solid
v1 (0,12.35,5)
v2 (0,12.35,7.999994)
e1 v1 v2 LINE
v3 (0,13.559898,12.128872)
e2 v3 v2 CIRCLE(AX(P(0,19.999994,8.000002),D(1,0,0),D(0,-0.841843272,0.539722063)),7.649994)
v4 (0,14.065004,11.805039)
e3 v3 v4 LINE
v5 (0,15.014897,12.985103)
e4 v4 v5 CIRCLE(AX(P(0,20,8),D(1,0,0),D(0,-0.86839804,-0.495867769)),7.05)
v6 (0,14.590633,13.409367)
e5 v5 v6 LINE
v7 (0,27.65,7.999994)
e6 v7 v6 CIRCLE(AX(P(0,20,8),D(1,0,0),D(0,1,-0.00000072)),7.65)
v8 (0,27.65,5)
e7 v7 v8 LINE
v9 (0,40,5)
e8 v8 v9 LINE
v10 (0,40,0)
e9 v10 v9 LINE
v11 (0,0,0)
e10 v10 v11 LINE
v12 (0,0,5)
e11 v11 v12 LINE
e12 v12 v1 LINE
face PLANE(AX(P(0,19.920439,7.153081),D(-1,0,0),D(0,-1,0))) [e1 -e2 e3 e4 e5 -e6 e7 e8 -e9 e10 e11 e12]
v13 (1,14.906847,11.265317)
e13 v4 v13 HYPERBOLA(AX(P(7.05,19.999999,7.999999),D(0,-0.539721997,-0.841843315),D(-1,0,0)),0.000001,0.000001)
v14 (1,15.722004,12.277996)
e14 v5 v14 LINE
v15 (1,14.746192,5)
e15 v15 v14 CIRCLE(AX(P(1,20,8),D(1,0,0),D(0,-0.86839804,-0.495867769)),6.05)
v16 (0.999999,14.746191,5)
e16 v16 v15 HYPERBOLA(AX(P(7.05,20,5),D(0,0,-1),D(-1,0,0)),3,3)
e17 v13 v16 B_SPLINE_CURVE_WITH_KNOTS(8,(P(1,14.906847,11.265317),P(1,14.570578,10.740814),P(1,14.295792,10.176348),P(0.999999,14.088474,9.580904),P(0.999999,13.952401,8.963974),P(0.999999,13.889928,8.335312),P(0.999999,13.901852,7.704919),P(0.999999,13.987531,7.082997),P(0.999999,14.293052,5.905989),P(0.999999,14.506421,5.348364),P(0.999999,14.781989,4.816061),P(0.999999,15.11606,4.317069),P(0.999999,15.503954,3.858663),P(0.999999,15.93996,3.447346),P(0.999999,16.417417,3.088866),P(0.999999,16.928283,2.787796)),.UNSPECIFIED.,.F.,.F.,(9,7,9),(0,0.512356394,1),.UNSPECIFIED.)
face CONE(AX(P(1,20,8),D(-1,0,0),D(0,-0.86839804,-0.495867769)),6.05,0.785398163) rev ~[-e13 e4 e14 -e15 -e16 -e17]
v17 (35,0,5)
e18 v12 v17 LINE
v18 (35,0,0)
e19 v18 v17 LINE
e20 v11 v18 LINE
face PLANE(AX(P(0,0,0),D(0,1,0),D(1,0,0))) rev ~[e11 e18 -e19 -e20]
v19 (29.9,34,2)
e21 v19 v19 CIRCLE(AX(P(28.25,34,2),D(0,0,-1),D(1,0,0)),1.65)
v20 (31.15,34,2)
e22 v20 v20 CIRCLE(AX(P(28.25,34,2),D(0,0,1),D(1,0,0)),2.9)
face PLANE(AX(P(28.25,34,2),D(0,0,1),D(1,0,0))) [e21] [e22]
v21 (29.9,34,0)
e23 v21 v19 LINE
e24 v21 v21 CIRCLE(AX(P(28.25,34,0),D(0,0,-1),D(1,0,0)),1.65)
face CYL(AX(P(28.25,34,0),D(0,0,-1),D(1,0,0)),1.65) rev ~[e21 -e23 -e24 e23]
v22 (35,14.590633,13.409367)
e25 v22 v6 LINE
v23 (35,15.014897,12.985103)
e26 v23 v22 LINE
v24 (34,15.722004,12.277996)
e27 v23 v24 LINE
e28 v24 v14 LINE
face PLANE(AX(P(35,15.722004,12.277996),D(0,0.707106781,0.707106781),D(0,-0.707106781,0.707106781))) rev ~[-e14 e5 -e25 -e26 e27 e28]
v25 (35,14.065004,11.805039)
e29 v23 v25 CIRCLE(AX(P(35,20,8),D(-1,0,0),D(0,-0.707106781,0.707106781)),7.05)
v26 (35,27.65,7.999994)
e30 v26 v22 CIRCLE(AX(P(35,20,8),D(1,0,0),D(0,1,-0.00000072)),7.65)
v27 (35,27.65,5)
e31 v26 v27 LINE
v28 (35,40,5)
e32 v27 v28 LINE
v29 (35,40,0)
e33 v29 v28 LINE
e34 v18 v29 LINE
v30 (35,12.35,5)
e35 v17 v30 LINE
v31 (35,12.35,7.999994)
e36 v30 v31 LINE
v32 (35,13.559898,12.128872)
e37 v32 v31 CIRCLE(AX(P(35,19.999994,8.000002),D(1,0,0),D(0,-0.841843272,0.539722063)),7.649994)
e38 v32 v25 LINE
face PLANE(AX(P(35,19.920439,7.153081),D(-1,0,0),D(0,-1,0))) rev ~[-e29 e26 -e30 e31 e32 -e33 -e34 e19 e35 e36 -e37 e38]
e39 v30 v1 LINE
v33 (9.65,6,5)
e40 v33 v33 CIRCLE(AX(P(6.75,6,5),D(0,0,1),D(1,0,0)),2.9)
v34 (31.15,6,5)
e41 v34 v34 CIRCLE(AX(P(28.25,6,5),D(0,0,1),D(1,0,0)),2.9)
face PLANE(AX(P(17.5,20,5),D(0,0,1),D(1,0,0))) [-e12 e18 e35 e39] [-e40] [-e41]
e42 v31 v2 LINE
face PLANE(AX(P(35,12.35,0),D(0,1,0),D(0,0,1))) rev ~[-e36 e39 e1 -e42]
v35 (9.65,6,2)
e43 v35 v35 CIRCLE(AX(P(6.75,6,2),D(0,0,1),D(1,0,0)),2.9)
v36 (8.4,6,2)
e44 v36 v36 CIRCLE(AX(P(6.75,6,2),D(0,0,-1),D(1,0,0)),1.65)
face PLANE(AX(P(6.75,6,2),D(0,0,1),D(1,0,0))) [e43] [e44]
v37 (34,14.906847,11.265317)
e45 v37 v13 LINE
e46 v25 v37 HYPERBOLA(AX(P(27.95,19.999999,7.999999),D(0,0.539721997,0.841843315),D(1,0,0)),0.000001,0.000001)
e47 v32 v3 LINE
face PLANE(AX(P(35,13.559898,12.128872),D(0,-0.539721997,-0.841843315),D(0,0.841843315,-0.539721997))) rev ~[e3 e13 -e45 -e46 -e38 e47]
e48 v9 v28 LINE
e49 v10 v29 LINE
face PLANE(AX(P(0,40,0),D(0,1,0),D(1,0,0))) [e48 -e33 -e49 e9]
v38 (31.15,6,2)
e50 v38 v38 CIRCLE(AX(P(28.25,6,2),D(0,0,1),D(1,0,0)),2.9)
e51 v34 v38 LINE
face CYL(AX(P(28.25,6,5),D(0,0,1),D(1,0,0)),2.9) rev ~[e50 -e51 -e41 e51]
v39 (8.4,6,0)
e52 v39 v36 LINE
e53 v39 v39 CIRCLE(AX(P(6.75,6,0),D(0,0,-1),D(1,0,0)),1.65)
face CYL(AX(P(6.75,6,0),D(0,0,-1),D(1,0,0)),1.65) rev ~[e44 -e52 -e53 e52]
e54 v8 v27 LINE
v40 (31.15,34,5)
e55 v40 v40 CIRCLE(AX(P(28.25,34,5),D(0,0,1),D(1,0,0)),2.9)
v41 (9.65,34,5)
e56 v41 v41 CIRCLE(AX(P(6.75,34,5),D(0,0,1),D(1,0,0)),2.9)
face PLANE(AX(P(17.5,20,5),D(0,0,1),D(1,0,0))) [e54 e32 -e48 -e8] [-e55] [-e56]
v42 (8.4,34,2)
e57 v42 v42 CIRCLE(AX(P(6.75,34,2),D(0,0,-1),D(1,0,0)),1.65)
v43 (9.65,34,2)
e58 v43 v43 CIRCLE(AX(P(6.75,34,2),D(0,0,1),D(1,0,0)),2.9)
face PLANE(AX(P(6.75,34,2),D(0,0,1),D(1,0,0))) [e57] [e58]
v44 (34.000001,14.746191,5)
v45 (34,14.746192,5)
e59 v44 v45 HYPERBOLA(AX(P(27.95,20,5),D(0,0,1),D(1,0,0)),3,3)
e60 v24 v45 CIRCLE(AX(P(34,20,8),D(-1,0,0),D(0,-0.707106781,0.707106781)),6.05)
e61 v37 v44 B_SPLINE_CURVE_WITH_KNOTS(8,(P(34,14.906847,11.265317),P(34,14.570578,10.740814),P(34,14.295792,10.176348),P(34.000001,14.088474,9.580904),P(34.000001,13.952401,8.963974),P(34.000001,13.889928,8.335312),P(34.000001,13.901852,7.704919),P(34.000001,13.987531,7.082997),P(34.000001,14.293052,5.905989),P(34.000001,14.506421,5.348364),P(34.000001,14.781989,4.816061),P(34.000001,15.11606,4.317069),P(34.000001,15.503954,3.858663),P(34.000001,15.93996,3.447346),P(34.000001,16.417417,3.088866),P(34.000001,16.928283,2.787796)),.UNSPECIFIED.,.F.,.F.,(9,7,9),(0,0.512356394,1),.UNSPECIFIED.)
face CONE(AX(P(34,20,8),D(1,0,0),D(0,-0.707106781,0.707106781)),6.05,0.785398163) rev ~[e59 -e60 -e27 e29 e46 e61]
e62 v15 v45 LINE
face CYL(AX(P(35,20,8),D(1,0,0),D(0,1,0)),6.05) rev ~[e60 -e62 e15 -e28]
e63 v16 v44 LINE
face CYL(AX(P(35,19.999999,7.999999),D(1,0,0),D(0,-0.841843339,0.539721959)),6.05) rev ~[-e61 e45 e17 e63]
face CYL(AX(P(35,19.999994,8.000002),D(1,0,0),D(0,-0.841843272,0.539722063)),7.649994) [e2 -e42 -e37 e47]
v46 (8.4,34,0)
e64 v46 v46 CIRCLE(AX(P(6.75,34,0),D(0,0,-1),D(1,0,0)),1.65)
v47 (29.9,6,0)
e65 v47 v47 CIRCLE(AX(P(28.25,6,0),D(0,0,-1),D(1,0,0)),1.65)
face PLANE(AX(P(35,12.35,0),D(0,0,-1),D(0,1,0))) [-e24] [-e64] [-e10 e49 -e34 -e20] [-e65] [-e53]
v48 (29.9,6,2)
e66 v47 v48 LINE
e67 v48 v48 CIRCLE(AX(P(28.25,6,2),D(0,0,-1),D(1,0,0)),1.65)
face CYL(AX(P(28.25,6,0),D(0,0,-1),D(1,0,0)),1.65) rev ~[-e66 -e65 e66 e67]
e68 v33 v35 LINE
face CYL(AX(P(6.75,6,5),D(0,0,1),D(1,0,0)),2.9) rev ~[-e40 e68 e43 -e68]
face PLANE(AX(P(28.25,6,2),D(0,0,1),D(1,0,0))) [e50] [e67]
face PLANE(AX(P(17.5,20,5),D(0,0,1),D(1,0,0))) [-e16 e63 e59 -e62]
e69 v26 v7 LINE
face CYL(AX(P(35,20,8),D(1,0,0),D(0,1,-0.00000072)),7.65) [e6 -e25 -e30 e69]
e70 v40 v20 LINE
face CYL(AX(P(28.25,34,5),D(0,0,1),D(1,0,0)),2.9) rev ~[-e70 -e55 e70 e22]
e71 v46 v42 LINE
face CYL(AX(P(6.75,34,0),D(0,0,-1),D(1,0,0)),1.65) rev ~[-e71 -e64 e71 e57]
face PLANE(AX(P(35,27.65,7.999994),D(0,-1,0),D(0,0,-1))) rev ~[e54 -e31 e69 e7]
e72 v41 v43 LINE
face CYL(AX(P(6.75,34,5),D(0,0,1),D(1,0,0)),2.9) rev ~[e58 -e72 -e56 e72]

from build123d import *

# Parameters (mm, degrees)
BOX_W           = 35
BOX_H           = 40
BOX_DEPTH       = 5
PAD_DEPTH       = 35
SKETCH001_R     = 6.05
POCKET_DEPTH    = 35.001
SKETCH002_R     = 1.65
POCKET001_DEPTH = 15.651
SKETCH003_R     = 2.9
POCKET002_DEPTH = 3
CHAMFER_SIZE    = 1
CHAMFER001_SIZE = 1


with BuildPart() as part:
    # Box → Box (new body)
    with BuildSketch(Plane.XY):
        with Locations((17.5, 20)):
            Rectangle(BOX_W, BOX_H)
    extrude(amount=BOX_DEPTH)

    # Sketch → Pad (new body)
    with BuildSketch(Plane.YZ.offset(35)):
        with BuildLine():
            ThreePointArc((14.906847, 11.265317), (24.712853, 4.206385), (15.722004, 12.277996))
            Line((15.722004, 12.277996), (14.590633, 13.409367))
            ThreePointArc((27.65, 7.999994), (22.927531, 15.067677), (14.590633, 13.409367))
            Line((27.65, 7.999994), (27.65, 0))
            Line((12.35, 0), (27.65, 0))
            Line((12.35, 0), (12.35, 7.999994))
            ThreePointArc((13.559898, 12.128872), (12.658702, 10.151243), (12.35, 7.999994))
            Line((13.559898, 12.128872), (14.906847, 11.265317))
        make_face()
    extrude(amount=-PAD_DEPTH)

    # Sketch001 → Pocket (cut, through all)
    with BuildSketch(Plane.YZ.offset(35)):
        with Locations((20, 8)):
            Circle(SKETCH001_R)
    extrude(amount=-POCKET_DEPTH, mode=Mode.SUBTRACT)

    # Sketch002 → Pocket001 (cut, through all)
    with BuildSketch(Plane(origin=(0, 0, 0), x_dir=(1, 0, 0), z_dir=(0, 0, -1))):
        with Locations((6.75, -6)):
            Circle(SKETCH002_R)
        with Locations((28.25, -6)):
            Circle(SKETCH002_R)
        with Locations((6.75, -34)):
            Circle(SKETCH002_R)
        with Locations((28.25, -34)):
            Circle(SKETCH002_R)
    extrude(amount=-POCKET001_DEPTH, mode=Mode.SUBTRACT)

    # Sketch003 → Pocket002 (cut)
    with BuildSketch(Plane.XY.offset(5)):
        with Locations((6.75, 34)):
            Circle(SKETCH003_R)
        with Locations((28.25, 34)):
            Circle(SKETCH003_R)
        with Locations((6.75, 6)):
            Circle(SKETCH003_R)
        with Locations((28.25, 6)):
            Circle(SKETCH003_R)
    extrude(amount=-POCKET002_DEPTH, mode=Mode.SUBTRACT)

    # Chamfer
    chamfer_edges = [part.edges().sort_by_distance(p)[0] for p in [
        (35, 20, 1.95),
    ]]
    chamfer(chamfer_edges, length=CHAMFER_SIZE)

    # Chamfer001
    chamfer001_edges = [part.edges().sort_by_distance(p)[0] for p in [
        (0, 20, 1.95),
    ]]
    chamfer(chamfer001_edges, length=CHAMFER001_SIZE)


solid = part.part
